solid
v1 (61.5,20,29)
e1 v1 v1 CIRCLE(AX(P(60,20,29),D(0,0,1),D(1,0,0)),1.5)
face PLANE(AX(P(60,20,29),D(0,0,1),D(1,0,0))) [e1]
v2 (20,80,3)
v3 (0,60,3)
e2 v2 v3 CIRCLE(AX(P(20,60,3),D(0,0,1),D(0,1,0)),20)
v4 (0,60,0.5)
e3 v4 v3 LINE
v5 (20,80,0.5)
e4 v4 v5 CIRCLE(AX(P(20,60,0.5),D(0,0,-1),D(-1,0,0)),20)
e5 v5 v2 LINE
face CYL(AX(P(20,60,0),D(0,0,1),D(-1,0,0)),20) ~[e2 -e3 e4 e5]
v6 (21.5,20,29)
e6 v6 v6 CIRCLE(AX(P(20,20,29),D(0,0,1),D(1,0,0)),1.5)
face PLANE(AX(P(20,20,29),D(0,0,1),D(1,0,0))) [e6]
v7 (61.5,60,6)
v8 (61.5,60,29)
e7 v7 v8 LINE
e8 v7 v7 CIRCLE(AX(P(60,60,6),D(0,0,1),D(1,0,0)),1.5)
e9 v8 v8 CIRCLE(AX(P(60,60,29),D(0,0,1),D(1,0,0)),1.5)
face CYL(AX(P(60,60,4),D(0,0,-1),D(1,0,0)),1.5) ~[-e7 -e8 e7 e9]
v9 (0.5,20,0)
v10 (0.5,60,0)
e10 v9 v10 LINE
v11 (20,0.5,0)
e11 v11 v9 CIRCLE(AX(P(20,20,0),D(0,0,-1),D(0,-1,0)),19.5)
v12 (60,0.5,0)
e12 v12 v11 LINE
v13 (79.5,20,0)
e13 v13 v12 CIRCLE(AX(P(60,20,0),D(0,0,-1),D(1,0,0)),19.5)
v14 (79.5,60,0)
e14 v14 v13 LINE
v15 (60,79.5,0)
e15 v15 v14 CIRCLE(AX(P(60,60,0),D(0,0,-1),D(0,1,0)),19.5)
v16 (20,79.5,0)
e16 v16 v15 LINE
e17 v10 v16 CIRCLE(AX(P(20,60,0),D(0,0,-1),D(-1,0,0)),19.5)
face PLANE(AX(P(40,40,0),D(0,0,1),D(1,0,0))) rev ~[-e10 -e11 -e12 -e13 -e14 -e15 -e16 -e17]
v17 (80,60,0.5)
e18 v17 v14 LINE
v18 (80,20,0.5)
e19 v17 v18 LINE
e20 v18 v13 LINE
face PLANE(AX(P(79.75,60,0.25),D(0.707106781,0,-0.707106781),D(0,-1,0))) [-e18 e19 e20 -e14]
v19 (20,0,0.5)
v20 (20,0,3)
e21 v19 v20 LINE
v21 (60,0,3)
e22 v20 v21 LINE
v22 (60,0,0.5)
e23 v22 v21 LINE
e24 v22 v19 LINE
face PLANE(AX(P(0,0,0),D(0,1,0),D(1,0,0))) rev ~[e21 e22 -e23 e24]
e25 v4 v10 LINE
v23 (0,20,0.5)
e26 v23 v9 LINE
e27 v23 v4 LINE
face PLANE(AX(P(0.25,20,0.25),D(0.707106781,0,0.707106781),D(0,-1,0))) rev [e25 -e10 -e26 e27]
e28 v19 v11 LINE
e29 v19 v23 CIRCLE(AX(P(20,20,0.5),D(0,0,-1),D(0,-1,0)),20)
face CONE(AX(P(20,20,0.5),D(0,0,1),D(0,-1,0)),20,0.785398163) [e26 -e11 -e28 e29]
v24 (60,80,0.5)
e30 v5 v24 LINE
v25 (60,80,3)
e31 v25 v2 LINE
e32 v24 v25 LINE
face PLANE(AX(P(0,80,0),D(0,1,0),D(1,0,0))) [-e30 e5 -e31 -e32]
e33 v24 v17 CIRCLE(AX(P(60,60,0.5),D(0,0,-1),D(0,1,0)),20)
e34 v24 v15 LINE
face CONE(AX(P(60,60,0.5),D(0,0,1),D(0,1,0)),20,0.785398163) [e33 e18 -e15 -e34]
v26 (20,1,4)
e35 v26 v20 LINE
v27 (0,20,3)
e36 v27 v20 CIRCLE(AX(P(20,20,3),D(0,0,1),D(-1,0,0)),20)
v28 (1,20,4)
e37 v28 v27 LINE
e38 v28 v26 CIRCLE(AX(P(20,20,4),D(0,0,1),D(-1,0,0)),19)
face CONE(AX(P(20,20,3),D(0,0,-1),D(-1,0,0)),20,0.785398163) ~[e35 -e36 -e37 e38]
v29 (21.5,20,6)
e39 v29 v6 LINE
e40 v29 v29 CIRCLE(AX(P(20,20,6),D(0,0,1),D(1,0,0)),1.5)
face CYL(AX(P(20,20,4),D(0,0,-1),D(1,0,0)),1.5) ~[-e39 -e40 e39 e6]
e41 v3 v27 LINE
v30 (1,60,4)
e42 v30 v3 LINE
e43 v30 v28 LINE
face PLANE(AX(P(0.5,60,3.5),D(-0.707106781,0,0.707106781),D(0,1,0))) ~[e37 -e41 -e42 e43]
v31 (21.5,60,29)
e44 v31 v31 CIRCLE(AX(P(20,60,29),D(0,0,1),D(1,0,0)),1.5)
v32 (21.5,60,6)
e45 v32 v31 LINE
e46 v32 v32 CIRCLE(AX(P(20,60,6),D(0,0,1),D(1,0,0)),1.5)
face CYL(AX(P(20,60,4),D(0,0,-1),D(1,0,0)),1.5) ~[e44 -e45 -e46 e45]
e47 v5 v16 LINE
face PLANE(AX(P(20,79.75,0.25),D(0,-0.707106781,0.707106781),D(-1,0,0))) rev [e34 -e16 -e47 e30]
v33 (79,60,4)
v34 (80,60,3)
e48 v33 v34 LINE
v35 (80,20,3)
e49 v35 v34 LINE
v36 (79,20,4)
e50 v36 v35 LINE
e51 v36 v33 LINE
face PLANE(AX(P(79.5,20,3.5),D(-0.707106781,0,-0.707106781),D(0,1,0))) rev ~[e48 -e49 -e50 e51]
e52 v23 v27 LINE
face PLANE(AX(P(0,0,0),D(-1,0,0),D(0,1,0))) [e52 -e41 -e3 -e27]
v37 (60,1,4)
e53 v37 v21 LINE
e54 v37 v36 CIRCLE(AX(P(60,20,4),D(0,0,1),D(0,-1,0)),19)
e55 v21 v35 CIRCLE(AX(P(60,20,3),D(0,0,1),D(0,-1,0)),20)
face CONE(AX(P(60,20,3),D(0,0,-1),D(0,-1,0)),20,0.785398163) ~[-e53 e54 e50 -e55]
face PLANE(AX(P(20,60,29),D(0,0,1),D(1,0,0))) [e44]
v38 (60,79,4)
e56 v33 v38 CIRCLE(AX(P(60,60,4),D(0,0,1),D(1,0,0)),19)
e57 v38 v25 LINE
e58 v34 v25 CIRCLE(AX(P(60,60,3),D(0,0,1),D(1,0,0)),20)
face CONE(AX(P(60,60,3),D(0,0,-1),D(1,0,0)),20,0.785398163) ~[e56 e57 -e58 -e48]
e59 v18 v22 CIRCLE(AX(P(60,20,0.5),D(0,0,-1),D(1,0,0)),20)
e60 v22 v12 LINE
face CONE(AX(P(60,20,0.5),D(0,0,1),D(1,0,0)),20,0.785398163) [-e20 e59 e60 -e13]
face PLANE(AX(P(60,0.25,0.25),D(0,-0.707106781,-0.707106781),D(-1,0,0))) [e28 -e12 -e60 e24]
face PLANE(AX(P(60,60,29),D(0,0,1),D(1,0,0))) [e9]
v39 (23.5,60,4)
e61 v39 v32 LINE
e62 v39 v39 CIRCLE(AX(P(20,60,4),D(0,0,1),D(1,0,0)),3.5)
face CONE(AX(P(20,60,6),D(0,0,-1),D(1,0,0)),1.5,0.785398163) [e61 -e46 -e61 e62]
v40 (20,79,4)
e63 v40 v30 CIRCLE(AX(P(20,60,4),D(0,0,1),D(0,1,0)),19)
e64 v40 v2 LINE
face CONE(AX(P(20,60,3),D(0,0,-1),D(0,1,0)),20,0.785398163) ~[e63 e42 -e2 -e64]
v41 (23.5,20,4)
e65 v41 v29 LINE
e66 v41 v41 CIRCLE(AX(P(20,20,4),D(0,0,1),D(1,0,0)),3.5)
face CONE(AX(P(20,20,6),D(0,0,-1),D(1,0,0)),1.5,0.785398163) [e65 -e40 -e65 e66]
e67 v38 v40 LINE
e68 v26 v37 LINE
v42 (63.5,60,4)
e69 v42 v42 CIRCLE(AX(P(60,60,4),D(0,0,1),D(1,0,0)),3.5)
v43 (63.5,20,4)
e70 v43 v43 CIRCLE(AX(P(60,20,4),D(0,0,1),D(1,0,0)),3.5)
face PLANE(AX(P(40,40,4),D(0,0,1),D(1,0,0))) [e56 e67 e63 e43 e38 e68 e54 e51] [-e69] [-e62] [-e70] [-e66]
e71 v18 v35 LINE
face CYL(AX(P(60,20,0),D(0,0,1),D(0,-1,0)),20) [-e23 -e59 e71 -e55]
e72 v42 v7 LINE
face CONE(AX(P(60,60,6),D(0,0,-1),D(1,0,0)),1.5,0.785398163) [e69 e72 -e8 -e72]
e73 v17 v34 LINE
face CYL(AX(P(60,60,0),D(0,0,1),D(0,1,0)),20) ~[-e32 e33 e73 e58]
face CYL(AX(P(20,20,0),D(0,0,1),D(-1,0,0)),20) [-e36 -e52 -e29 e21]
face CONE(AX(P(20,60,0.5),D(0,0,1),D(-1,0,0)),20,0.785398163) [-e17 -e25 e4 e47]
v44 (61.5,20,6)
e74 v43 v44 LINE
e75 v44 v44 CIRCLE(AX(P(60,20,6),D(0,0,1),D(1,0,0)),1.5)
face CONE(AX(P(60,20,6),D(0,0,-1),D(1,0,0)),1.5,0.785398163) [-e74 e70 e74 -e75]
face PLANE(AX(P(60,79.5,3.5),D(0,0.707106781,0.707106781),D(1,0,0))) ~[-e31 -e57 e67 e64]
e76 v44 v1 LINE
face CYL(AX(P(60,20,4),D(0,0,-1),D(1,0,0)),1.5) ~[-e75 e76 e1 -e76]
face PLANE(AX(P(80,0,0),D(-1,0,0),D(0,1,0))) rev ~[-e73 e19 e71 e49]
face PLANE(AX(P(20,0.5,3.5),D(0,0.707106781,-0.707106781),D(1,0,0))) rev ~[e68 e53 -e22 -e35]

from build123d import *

# Parameters (mm, degrees)
SKETCH_W        = 80
SKETCH_H        = 80
PAD_DEPTH       = 4
SKETCH001_R     = 1.5
PAD001_DEPTH    = 25
FILLET_R        = 20
CHAMFER_SIZE    = 2
CHAMFER001_SIZE = 0.5
CHAMFER002_SIZE = 1


with BuildPart() as part:
    # Sketch → Pad (new body)
    with BuildSketch(Plane.XY):
        with Locations((40, 40)):
            Rectangle(SKETCH_W, SKETCH_H)
    extrude(amount=PAD_DEPTH)

    # Sketch001 → Pad001 (new body)
    with BuildSketch(Plane.XY.offset(4)):
        with Locations((60, 60)):
            Circle(SKETCH001_R)
        with Locations((20, 60)):
            Circle(SKETCH001_R)
        with Locations((20, 20)):
            Circle(SKETCH001_R)
        with Locations((60, 20)):
            Circle(SKETCH001_R)
    extrude(amount=PAD001_DEPTH)

    # Fillet
    fillet_edges = [part.edges().sort_by_distance(p)[0] for p in [
        (80, 0, 2),
        (80, 80, 2),
        (0, 0, 2),
        (0, 80, 2),
    ]]
    fillet(fillet_edges, radius=FILLET_R)

    # Chamfer
    chamfer_edges = [part.edges().sort_by_distance(p)[0] for p in [
        (58.5, 20, 4),
        (18.5, 20, 4),
        (18.5, 60, 4),
        (58.5, 60, 4),
    ]]
    chamfer(chamfer_edges, length=CHAMFER_SIZE)

    # Chamfer001
    chamfer001_edges = [part.edges().sort_by_distance(p)[0] for p in [
        (40, 80, 0),
        (5.857864, 74.142136, 0),
        (74.142136, 74.142136, 0),
        (0, 40, 0),
        (80, 40, 0),
        (5.857864, 5.857864, 0),
        (74.142136, 5.857864, 0),
        (40, 0, 0),
    ]]
    chamfer(chamfer001_edges, length=CHAMFER001_SIZE)

    # Chamfer002
    chamfer002_edges = [part.edges().sort_by_distance(p)[0] for p in [
        (74.142136, 5.857864, 4),
        (80, 40, 4),
        (74.142136, 74.142136, 4),
        (40, 80, 4),
        (5.857864, 74.142136, 4),
        (0, 40, 4),
        (5.857864, 5.857864, 4),
        (40, 0, 4),
    ]]
    chamfer(chamfer002_edges, length=CHAMFER002_SIZE)


solid = part.part
